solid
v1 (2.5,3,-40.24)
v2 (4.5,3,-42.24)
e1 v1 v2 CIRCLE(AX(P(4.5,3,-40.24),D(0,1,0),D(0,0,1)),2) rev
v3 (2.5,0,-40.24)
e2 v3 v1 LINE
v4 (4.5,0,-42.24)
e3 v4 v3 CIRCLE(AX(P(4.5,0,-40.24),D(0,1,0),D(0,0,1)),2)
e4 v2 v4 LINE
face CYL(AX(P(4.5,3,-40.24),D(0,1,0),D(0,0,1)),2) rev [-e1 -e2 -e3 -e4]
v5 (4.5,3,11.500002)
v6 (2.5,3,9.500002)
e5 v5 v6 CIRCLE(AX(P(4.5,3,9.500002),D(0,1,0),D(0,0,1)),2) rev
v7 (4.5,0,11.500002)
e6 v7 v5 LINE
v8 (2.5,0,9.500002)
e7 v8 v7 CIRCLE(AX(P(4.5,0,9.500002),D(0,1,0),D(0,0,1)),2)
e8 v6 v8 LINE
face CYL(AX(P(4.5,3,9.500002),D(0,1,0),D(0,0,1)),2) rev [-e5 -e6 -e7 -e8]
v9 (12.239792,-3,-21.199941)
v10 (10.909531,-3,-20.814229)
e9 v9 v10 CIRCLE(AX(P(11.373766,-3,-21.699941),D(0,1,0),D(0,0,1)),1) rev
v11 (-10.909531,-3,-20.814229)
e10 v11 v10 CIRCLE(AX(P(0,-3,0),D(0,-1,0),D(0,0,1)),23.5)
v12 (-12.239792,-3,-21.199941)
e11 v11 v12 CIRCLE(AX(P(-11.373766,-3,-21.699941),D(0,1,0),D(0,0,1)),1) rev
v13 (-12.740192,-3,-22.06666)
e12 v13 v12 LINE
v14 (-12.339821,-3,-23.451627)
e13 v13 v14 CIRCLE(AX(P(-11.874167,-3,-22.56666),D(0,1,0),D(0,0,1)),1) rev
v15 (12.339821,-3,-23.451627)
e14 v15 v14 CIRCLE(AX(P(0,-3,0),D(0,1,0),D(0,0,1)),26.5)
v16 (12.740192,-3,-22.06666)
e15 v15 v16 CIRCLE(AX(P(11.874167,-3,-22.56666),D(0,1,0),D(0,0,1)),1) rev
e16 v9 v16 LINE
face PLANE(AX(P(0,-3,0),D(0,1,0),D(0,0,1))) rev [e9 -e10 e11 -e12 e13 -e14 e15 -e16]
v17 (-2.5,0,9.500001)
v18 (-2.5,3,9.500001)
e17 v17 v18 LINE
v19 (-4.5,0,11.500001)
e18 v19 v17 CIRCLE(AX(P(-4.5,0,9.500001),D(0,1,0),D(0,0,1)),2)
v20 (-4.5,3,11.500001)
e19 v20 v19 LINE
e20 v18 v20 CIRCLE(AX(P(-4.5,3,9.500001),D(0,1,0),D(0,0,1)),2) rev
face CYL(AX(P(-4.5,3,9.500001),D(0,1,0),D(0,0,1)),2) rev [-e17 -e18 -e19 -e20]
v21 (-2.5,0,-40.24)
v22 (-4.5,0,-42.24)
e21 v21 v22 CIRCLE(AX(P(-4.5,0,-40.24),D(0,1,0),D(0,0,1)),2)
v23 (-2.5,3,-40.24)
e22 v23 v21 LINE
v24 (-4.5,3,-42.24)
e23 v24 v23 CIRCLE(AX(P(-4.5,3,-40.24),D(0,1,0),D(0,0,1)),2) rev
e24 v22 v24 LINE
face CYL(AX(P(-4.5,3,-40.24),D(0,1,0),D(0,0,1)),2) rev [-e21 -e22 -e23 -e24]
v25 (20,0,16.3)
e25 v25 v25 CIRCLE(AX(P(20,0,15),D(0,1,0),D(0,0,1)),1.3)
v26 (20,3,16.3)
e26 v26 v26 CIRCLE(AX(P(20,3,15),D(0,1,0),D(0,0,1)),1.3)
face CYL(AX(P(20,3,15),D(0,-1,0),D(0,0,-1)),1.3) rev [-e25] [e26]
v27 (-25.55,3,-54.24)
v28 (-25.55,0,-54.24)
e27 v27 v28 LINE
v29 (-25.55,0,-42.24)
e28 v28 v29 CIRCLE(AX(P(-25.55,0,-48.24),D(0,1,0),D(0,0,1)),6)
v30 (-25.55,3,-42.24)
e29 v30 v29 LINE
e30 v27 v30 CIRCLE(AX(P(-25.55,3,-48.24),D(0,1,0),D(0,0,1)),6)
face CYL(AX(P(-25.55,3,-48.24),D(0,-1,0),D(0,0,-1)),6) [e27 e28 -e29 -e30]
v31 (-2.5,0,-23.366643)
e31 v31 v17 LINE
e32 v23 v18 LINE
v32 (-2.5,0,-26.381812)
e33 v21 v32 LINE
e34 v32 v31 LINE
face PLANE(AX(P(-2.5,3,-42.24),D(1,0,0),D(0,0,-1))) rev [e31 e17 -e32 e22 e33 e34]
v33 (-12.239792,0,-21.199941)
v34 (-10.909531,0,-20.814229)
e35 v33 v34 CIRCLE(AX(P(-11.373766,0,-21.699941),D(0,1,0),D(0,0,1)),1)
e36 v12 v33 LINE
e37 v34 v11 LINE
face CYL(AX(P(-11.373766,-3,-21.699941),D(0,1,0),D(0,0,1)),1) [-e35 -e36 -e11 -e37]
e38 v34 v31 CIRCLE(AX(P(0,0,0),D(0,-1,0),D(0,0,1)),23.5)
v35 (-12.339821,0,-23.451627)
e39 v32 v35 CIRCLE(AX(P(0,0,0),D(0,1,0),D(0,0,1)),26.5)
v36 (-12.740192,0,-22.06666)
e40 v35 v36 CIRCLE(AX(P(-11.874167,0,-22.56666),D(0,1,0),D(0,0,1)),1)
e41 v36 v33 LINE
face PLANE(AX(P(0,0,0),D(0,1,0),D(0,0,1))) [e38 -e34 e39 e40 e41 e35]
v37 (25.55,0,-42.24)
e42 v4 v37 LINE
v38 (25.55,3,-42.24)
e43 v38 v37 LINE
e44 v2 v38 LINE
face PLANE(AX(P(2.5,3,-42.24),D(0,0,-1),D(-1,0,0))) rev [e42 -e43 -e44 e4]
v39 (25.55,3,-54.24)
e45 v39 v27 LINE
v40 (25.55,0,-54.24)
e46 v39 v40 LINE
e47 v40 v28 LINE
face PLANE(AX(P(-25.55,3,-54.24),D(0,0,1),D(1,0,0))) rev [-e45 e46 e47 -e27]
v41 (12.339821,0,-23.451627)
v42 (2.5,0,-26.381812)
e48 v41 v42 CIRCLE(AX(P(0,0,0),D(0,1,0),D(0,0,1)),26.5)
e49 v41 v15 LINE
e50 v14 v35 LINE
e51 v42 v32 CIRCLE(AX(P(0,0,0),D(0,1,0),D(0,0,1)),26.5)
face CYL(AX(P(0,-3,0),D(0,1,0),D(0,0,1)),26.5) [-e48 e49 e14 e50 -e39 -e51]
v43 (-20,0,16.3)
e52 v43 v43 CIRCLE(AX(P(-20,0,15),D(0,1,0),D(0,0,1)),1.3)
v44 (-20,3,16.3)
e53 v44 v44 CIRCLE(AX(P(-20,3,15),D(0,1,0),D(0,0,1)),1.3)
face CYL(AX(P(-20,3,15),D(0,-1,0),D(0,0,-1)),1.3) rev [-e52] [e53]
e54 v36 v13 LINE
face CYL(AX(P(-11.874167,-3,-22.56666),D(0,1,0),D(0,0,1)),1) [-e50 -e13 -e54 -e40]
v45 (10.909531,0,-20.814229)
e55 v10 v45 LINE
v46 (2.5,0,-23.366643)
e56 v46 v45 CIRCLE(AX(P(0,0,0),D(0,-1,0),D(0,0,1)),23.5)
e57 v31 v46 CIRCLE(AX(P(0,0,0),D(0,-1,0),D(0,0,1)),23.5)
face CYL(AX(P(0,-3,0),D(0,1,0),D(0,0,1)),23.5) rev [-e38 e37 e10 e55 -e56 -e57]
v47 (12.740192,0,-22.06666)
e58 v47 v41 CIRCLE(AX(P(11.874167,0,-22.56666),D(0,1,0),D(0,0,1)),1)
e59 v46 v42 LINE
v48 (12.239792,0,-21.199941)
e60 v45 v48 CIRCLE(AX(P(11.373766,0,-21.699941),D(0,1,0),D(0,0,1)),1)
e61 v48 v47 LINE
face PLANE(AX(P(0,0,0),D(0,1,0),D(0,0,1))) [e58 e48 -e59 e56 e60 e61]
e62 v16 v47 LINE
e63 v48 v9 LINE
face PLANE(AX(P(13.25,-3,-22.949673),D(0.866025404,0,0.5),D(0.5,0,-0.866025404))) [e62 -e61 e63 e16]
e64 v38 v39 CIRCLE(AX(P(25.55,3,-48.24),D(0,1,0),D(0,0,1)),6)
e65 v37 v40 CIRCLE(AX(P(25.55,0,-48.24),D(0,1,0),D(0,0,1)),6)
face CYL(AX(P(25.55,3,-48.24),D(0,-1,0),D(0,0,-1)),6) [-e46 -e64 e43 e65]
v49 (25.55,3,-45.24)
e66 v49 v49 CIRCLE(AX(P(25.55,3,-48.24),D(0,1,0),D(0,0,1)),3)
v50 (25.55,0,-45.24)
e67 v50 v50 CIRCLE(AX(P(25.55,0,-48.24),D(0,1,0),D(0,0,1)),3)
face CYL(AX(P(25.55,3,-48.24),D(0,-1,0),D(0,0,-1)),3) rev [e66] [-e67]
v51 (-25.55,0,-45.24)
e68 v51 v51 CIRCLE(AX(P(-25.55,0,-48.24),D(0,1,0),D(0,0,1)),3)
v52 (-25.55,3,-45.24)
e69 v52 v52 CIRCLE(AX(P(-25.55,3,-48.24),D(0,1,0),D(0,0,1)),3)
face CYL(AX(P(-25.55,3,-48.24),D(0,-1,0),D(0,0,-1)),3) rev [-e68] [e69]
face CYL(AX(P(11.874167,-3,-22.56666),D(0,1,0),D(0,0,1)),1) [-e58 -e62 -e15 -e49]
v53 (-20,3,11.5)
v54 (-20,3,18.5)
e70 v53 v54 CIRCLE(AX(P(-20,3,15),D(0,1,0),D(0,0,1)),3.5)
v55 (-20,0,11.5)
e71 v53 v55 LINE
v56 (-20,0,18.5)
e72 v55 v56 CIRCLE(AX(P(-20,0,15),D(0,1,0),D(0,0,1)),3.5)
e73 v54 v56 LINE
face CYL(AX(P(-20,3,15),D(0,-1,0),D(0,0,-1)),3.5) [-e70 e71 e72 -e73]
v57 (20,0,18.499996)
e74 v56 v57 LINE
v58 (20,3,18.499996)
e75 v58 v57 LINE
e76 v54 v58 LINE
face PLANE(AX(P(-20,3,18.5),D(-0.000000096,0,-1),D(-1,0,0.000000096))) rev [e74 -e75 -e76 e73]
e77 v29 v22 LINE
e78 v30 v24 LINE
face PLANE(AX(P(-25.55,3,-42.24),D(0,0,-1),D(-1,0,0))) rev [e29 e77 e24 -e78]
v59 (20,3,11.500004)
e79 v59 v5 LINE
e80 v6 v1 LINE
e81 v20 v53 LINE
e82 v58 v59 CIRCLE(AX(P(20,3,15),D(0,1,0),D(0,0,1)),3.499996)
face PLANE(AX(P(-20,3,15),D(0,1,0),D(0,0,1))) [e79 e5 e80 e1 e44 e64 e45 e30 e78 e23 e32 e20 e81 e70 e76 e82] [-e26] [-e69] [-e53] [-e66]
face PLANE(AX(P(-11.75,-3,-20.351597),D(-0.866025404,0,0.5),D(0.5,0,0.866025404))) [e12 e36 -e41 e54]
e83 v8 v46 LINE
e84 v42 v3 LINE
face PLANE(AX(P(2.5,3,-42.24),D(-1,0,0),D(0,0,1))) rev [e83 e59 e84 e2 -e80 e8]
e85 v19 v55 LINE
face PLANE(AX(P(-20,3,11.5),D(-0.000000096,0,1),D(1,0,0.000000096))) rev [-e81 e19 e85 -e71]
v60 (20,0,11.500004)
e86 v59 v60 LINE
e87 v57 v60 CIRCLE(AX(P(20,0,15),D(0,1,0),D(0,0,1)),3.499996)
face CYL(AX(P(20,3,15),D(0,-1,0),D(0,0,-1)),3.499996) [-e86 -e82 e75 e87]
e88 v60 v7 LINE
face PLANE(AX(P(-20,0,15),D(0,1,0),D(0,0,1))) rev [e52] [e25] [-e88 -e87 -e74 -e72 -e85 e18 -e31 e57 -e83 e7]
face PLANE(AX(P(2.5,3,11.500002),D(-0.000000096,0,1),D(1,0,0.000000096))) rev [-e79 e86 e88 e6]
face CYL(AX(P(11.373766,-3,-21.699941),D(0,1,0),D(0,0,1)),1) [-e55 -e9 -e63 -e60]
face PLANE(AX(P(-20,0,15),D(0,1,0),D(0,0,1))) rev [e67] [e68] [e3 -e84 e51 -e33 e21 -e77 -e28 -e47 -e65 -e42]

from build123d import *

# Parameters (mm, degrees)
SKETCH1_R           = 1.3
SKETCH1_R_2         = 3
BOSS_EXTRUDE4_DEPTH = 3
BOSS_EXTRUDE5_DEPTH = 3
FILLET4_R           = 1
FILLET5_R           = 2


with BuildPart() as part:
    # Sketch1 → Boss-Extrude4 (new body)
    with BuildSketch(Plane(origin=(0, 0, 0), x_dir=(1, 0, 0), z_dir=(0, 1, 0))):
        with BuildLine():
            Line((-25.55, 54.240000374), (25.55, 54.240000374))
            ThreePointArc((25.55, 54.240000374), (31.550000374, 48.24), (25.55, 42.239999626))
            Line((25.55, 42.239999626), (2.5, 42.239999626))
            Line((2.5, 42.239999626), (2.5, -11.500002156))
            Line((2.5, -11.500002156), (20, -11.500003832))
            ThreePointArc((20, -11.500003832), (23.499996168, -15), (20, -18.499996168))
            Line((20, -18.499996168), (-20, -18.5))
            ThreePointArc((-20, -18.5), (-23.5, -15), (-20, -11.5))
            Line((-20, -11.5), (-2.5, -11.500001677))
            Line((-2.5, -11.500001677), (-2.5, 42.239999626))
            Line((-2.5, 42.239999626), (-25.55, 42.239999626))
            ThreePointArc((-25.55, 42.239999626), (-31.550000374, 48.24), (-25.55, 54.240000374))
        make_face()
        with Locations(Location((-20, -15, 0), (0, 0, 270))):
            Circle(SKETCH1_R, mode=Mode.SUBTRACT)
        with Locations(Location((20, -15, 0), (0, 0, 270))):
            Circle(SKETCH1_R, mode=Mode.SUBTRACT)
        with Locations(Location((25.55, 48.24, 0), (0, 0, 270))):
            Circle(SKETCH1_R_2, mode=Mode.SUBTRACT)
        with Locations(Location((-25.55, 48.24, 0), (0, 0, 270))):
            Circle(SKETCH1_R_2, mode=Mode.SUBTRACT)
    extrude(amount=BOSS_EXTRUDE4_DEPTH)

    # Sketch2 → Boss-Extrude5 (add)
    with BuildSketch(Plane(origin=(0, 0, 0), x_dir=(1, 0, 0), z_dir=(0, 1, 0))):
        with BuildLine():
            Line((-11.75, 20.351596989), (-13.25, 22.9496732))
            ThreePointArc((-13.25, 22.9496732), (0, 26.5), (13.25, 22.9496732))
            Line((13.25, 22.9496732), (11.75, 20.351596989))
            ThreePointArc((11.75, 20.351596989), (0, 23.5), (-11.75, 20.351596989))
        make_face()
    extrude(amount=-BOSS_EXTRUDE5_DEPTH)

    # Fillet4
    fillet4_edges = [part.edges().sort_by_distance(p)[0] for p in [
        (-13.25, -1.5, -22.9496732),
        (13.25, -1.5, -22.9496732),
        (11.75, -1.5, -20.351596989),
        (-11.75, -1.5, -20.351596989),
    ]]
    fillet(fillet4_edges, radius=FILLET4_R)

    # Fillet5
    fillet5_edges = [part.edges().sort_by_distance(p)[0] for p in [
        (-2.5, 1.5, 11.500001677),
        (-2.5, 1.5, -42.239999626),
        (2.5, 1.5, -42.239999626),
        (2.5, 1.5, 11.500002156),
    ]]
    fillet(fillet5_edges, radius=FILLET5_R)


solid = part.part
